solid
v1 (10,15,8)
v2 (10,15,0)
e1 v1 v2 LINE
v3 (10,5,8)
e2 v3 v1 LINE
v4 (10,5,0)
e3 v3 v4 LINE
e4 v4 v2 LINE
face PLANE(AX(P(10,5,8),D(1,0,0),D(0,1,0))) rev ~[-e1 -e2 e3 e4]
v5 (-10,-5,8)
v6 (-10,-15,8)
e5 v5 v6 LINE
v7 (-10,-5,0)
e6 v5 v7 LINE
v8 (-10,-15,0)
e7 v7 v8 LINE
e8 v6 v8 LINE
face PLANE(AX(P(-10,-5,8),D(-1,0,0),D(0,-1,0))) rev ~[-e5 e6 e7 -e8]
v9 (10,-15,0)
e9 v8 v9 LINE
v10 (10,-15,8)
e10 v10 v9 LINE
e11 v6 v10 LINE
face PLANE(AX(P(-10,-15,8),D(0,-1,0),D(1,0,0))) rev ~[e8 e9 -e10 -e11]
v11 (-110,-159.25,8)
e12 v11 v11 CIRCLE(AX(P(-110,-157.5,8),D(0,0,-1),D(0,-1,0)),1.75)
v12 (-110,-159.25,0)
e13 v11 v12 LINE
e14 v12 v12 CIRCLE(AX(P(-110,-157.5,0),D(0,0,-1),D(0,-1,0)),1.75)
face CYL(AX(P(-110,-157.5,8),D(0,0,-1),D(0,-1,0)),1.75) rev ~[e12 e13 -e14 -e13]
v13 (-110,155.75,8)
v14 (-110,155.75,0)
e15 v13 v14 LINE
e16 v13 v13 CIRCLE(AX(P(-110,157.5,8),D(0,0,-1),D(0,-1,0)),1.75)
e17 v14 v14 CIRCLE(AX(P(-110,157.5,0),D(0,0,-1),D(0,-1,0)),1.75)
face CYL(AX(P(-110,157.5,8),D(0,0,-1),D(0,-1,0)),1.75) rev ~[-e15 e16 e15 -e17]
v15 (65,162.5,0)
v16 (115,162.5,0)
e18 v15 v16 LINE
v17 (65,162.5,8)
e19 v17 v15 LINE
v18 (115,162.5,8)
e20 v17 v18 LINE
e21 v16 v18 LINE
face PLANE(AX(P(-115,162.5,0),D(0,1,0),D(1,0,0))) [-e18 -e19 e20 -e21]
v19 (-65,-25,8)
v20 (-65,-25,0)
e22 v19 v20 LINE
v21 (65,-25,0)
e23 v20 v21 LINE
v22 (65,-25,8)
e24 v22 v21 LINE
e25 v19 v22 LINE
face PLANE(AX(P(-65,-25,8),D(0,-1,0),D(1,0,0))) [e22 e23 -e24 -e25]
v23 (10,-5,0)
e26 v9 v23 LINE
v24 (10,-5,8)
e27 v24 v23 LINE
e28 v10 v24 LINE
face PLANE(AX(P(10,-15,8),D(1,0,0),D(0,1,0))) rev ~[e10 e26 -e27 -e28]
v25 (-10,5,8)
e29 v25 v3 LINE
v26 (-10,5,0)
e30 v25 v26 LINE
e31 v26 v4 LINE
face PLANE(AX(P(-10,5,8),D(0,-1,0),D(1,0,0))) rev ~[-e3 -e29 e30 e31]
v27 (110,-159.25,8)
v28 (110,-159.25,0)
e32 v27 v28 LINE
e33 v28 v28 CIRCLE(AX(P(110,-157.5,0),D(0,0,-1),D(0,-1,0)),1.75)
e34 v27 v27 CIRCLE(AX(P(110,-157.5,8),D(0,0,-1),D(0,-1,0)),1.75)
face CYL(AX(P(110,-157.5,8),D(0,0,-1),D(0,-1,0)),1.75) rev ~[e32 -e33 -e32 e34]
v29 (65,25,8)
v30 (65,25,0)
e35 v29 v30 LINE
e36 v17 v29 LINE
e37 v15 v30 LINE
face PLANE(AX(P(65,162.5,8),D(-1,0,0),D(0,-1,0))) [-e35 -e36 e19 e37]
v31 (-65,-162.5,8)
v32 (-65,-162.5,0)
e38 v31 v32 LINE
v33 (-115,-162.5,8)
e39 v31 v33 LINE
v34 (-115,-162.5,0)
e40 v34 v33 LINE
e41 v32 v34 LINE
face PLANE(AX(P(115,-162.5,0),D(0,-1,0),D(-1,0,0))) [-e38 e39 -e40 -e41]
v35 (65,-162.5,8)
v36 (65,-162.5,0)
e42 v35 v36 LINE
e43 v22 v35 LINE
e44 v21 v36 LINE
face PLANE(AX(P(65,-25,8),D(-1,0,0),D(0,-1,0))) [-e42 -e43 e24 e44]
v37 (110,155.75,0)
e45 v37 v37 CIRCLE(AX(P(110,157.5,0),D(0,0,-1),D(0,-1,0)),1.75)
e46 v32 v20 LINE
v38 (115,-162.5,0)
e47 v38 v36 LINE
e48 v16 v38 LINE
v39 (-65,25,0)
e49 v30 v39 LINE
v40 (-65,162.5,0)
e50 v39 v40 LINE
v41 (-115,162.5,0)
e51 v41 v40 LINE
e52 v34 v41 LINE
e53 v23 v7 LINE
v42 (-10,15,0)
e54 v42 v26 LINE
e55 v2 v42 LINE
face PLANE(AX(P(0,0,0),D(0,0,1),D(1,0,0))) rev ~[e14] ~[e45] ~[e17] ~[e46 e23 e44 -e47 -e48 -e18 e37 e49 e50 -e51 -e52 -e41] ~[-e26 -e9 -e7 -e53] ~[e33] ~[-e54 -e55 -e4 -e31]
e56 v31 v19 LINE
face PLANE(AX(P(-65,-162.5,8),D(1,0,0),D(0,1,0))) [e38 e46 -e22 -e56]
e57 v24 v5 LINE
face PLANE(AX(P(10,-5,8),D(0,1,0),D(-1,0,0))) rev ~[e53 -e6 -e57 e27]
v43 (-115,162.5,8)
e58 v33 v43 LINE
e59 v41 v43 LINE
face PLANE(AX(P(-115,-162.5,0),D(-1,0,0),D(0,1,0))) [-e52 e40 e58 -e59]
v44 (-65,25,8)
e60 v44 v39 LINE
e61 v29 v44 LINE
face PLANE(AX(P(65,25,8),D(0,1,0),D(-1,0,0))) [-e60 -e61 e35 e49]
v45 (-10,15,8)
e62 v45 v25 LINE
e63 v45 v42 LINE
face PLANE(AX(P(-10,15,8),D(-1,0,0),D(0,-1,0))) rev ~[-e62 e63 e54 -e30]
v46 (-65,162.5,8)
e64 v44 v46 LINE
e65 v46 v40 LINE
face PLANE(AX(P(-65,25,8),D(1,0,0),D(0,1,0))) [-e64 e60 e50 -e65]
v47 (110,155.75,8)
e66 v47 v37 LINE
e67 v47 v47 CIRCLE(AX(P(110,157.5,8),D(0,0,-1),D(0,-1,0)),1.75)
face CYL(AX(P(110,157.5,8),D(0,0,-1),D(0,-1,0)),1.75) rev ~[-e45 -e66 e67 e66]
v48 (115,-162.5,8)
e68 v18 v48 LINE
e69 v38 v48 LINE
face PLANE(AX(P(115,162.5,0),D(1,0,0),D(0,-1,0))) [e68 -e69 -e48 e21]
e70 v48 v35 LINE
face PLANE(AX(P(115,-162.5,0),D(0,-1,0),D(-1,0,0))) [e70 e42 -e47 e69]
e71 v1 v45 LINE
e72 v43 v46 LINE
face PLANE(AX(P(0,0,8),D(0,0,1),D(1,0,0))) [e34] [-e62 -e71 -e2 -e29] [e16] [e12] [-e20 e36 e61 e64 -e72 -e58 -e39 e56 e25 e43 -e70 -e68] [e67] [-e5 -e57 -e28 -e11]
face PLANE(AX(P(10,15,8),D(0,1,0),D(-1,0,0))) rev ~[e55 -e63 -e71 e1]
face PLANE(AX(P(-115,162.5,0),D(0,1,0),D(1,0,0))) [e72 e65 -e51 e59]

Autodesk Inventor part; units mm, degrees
ref_plane "YZ Plane" through (0, 0, 0) normal (1, 0, 0) x (0, 1, 0)
ref_plane "XZ Plane" through (0, 0, 0) normal (0, 1, 0) x (-1, 0, 0)
ref_plane "XY Plane" through (0, 0, 0) normal (0, 0, 1) x (1, 0, 0)
sketch "Sketch1" plane through (0, 0, 0) normal (0, 0, 1) x (1, 0, 0)
  line L0 (-115, 162.5) -> (115, 162.5)
  line L1 (115, 162.5) -> (115, -162.5)
  line L2 (115, -162.5) -> (-115, -162.5)
  line L3 (-115, -162.5) -> (-115, 162.5)
  point P0 (0, 0)
  point P1 (0, 162.5)
  point P2 (-115, 0)
  dimension "d0" = 230
  dimension "d1" = 325
extrude "Extrusion1" add sketch "Sketch1" along normal blind 8
sketch "Sketch2" plane through (0, 0, 8) normal (0, 0, 1) x (1, 0, 0)
  line L0 (-110, -157.5) -> (110, -157.5) construction
  line L1 (110, -157.5) -> (110, 157.5) construction
  line L2 (110, 157.5) -> (-110, 157.5) construction
  line L3 (-110, 157.5) -> (-110, -157.5) construction
  line L4 (-115, 162.5) -> (-115, -162.5) construction
  line L5 (115, 162.5) -> (-115, 162.5) construction
  point P0 (0, 0)
  point P1 (-110, 0)
  point P2 (-115, 0)
  point P3 (-115, 0)
  point P4 (0, 157.5)
  point P5 (0, 162.5)
  dimension "d4" = 5
  dimension "d5" = 5
hole "Hole1" at (-110, -157.5, 8) at (-110, 157.5, 8) at (110, 157.5, 8) at (110, -157.5, 8) direction (0, 0, -1) diameter 3.5 end through all
sketch "Sketch3" plane through (0, 0, 8) normal (0, 0, 1) x (1, 0, 0)
  line L0 (65, -162.5) -> (-65, -162.5)
  line L1 (-65, -162.5) -> (-65, -25)
  line L2 (-65, -25) -> (65, -25)
  line L3 (65, -25) -> (65, -162.5)
  line L4 (-115, -162.5) -> (115, -162.5) projected
  line L5 (115, -162.5) -> (115, 162.5) projected
  line L6 (-115, 162.5) -> (-115, -162.5) projected
  line L7 (65, 25) -> (-65, 25)
  line L8 (-65, 25) -> (-65, 162.5)
  line L9 (-65, 162.5) -> (65, 162.5)
  line L10 (65, 162.5) -> (65, 25)
  line L11 (115, 162.5) -> (-115, 162.5) projected
  point P0 (0, 0)
  dimension "d13" = 50
  dimension "d14" = 50
  dimension "d15" = 25
  dimension "d16" = 25
extrude "Extrusion2" cut sketch "Sketch3" against normal blind 10 contours L0 L1 L2 L3 | L10 L7 L8 L9
sketch "Sketch4" plane through (0, 0, 8) normal (0, 0, 1) x (1, 0, 0)
  line L0 (-10, -15) -> (10, -15)
  line L1 (10, -15) -> (10, -5)
  line L2 (10, -5) -> (-10, -5)
  line L3 (-10, -5) -> (-10, -15)
  line L4 (-10, 5) -> (10, 5)
  line L5 (10, 5) -> (10, 15)
  line L6 (10, 15) -> (-10, 15)
  line L7 (-10, 15) -> (-10, 5)
  line L8 (-65, -25) -> (65, -25) projected
  line L9 (65, 25) -> (-65, 25) projected
  point P0 (0, 0)
  point P1 (0, -5)
  point P2 (0, 5)
  dimension "d19" = 10
  dimension "d20" = 10
  dimension "d21" = 10
  dimension "d22" = 20
extrude "Extrusion3" cut sketch "Sketch4" against normal through all
properties part number "0005-10-014 Suport Bed"
